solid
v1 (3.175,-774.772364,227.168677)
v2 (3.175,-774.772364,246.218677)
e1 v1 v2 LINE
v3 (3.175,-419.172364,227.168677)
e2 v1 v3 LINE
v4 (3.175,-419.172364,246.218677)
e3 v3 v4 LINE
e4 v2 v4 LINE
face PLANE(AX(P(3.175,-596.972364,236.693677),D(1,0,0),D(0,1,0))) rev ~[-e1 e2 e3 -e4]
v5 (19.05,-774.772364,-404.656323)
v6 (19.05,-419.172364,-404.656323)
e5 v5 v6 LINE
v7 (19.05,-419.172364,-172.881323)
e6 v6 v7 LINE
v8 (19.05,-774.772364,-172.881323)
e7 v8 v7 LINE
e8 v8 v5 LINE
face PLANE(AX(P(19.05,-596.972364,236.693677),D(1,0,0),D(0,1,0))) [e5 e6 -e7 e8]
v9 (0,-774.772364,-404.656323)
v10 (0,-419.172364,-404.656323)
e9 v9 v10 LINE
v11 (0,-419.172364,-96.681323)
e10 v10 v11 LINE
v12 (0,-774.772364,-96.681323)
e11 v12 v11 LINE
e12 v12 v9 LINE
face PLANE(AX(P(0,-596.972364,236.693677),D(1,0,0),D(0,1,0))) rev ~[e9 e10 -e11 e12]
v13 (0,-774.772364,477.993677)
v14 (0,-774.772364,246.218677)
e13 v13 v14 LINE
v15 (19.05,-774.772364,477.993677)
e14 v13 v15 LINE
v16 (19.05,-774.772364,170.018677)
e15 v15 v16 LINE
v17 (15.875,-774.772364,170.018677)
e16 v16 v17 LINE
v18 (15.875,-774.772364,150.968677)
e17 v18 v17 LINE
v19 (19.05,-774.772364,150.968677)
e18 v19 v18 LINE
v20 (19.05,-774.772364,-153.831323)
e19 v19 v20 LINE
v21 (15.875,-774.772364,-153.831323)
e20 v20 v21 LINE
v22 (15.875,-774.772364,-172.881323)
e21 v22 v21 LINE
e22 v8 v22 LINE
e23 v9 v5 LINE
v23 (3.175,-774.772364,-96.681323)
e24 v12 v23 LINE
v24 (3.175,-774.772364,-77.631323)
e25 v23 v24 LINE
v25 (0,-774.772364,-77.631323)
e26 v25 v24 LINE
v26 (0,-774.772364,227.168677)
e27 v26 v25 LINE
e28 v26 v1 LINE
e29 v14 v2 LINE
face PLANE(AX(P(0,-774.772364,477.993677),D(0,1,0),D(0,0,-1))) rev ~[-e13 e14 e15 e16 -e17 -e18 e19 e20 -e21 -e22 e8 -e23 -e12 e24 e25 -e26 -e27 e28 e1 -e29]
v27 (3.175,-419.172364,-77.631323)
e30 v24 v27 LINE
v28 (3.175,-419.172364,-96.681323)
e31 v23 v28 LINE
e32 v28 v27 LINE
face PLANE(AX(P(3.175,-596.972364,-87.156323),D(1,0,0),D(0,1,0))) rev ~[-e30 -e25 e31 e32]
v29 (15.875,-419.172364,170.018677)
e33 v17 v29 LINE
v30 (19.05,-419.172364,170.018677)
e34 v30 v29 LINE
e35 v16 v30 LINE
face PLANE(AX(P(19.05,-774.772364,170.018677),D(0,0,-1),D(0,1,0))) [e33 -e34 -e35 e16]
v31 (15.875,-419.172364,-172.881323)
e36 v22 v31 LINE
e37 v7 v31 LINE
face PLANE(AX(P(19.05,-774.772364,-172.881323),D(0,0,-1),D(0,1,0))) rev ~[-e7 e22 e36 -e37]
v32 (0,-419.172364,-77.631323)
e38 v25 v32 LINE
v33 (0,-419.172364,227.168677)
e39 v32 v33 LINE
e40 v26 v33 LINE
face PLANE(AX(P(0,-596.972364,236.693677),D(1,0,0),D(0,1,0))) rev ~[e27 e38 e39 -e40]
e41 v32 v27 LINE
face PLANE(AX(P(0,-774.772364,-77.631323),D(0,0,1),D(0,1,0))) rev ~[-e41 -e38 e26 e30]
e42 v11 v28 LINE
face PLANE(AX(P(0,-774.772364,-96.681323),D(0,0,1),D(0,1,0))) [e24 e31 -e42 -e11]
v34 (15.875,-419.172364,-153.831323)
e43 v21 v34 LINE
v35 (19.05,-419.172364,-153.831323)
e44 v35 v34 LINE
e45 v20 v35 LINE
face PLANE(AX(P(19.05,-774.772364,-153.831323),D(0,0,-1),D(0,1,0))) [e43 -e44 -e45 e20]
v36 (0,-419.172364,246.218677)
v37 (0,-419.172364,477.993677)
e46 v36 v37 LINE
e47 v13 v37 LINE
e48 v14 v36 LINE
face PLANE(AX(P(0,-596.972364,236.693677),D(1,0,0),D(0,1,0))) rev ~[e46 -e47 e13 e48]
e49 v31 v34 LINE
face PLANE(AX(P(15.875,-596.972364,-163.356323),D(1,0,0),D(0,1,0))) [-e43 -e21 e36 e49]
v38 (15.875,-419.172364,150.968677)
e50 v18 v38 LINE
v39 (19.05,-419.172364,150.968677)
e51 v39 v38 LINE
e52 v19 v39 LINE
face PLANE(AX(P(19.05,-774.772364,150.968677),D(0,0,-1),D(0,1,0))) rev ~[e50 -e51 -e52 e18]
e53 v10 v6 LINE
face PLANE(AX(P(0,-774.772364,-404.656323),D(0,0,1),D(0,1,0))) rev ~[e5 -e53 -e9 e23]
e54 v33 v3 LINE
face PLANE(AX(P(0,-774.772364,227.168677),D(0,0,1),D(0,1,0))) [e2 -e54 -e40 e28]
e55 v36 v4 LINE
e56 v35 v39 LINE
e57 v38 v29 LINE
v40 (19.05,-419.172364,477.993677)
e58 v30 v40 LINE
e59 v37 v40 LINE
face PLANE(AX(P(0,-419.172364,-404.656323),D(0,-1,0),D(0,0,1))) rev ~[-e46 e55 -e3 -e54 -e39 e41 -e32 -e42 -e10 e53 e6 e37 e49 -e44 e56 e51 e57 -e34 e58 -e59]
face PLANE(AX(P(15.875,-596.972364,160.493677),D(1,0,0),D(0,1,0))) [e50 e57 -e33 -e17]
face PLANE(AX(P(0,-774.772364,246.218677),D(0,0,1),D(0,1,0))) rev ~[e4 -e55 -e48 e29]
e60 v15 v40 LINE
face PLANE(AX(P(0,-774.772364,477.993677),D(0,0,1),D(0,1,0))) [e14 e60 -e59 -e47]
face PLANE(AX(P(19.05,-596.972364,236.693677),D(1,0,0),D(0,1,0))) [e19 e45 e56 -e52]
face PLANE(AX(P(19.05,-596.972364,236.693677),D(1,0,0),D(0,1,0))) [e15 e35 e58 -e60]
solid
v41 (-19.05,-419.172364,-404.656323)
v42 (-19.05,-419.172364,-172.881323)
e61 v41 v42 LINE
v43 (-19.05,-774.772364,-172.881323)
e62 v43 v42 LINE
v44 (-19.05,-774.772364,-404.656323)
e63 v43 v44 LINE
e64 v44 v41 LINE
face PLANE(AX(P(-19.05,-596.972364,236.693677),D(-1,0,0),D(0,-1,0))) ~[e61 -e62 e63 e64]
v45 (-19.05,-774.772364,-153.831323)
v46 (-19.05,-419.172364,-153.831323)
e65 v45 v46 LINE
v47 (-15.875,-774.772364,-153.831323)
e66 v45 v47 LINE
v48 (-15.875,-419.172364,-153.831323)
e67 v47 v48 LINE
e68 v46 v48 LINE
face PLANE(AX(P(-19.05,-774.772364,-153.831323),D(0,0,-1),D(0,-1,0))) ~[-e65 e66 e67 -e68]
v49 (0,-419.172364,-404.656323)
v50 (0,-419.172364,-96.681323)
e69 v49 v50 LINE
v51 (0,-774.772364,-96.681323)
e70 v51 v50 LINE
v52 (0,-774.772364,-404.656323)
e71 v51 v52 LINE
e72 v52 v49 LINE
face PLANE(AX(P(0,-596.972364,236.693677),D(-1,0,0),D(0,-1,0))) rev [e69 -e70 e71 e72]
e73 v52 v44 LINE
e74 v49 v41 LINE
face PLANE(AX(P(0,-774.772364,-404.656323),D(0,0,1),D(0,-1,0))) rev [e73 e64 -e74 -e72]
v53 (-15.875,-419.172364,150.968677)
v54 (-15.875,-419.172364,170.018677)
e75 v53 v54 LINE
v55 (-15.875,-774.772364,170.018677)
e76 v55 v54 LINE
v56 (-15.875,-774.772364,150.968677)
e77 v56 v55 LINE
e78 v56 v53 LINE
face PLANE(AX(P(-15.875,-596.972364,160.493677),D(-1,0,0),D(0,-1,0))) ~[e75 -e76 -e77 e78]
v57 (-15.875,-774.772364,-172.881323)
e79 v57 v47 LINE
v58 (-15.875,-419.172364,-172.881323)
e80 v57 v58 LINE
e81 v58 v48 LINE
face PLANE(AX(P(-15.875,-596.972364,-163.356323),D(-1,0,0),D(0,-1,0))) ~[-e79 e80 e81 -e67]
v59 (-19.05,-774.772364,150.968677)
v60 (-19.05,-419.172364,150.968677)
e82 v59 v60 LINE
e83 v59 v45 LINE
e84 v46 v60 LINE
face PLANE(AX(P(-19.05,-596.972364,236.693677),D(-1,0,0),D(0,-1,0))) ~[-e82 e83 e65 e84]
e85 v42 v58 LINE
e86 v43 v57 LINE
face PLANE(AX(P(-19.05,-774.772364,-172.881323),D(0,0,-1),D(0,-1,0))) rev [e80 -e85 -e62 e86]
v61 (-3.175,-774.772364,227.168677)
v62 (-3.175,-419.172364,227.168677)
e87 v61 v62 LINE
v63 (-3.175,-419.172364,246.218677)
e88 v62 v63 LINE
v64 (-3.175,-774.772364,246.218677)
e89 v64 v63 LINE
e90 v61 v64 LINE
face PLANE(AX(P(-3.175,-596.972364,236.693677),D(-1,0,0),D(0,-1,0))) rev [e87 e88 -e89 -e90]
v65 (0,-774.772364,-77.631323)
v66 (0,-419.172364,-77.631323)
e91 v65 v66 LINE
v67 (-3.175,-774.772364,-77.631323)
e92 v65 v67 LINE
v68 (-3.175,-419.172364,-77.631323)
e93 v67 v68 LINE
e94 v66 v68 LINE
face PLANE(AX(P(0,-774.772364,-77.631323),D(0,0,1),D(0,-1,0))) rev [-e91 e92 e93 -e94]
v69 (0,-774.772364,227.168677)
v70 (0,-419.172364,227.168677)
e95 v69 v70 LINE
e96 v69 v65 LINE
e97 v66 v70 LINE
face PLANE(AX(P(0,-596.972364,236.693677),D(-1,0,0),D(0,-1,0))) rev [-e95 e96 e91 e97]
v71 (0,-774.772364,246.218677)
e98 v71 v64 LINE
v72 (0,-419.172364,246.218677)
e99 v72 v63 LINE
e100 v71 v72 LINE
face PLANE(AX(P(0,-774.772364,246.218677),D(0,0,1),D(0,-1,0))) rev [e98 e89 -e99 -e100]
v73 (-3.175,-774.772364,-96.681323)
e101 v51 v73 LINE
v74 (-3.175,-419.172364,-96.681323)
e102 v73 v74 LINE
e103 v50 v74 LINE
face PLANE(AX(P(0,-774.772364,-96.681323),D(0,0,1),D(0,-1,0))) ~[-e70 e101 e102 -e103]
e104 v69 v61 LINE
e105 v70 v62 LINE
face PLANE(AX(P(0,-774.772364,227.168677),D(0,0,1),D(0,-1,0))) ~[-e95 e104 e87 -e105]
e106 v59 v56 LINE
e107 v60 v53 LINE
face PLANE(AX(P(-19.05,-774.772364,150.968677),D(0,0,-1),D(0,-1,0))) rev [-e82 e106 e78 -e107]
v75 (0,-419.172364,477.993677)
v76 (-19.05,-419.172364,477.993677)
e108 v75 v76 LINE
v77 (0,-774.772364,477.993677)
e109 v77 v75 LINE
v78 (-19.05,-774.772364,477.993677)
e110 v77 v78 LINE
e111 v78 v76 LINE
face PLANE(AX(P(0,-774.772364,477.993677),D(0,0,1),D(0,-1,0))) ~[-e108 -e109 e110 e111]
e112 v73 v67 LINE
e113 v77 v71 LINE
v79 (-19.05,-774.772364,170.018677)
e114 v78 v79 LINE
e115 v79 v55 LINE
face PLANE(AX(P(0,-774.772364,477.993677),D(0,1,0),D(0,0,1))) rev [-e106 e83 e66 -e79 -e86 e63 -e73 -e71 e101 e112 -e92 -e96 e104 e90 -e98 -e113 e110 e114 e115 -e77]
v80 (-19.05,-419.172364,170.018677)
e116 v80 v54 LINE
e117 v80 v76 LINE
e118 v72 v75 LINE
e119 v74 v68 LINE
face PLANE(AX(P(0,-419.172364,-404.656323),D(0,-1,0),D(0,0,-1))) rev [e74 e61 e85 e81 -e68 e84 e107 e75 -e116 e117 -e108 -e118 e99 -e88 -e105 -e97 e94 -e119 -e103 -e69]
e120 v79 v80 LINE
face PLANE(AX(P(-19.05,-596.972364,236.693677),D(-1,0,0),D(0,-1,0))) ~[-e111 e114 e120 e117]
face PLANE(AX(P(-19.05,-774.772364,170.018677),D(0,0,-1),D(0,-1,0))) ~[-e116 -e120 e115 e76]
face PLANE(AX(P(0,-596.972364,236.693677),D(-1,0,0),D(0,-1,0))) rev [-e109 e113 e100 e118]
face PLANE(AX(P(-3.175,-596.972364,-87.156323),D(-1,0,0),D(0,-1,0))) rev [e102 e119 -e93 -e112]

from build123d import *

# Parameters (mm, degrees)
F0_W     = 355.6
F0_H     = 19.05
F0_H_2   = 231.775
F0_H_3   = 307.975
F0_H_4   = 304.8
F1_DEPTH = 19.05
F2_DEPTH = 3.175
F3_W     = 355.6
F3_H     = 19.05
F4_DEPTH = 3.175


with BuildPart() as f1:
    # F0 (on Right) → F1 (new body)
    with BuildSketch(Plane.YZ):
        with Locations((-596.972364, 236.693677)):
            Rectangle(F0_W, F0_H)
        with Locations((-596.972364, -87.156323)):
            Rectangle(F0_W, F0_H)
        with Locations((-596.972364, 362.106177)):
            Rectangle(F0_W, F0_H_2)
        with Locations((-596.972364, -250.668823)):
            Rectangle(F0_W, F0_H_3)
        with Locations((-596.972364, 74.768677)):
            Rectangle(F0_W, F0_H_4)
    extrude(amount=F1_DEPTH)

    # F0 (on Right) → F2 (cut)
    with BuildSketch(Plane.YZ):
        with Locations((-596.972364, 236.693677)):
            Rectangle(F0_W, F0_H)
        with Locations((-596.972364, -87.156323)):
            Rectangle(F0_W, F0_H)
    extrude(amount=F2_DEPTH, mode=Mode.SUBTRACT)

    # F3 (on face) → F4 (cut)
    with BuildSketch(Plane.YZ.offset(19.05)):
        with Locations((-596.972364, 160.493677)):
            Rectangle(F3_W, F3_H)
        with Locations((-596.972364, -163.356323)):
            Rectangle(F3_W, F3_H)
    extrude(amount=-F4_DEPTH, mode=Mode.SUBTRACT)


with BuildPart() as f5_1:
    # F5: instance of F1
    add(f1.part.mirror(Plane.YZ))


solid = Compound([f1.part, f5_1.part])
